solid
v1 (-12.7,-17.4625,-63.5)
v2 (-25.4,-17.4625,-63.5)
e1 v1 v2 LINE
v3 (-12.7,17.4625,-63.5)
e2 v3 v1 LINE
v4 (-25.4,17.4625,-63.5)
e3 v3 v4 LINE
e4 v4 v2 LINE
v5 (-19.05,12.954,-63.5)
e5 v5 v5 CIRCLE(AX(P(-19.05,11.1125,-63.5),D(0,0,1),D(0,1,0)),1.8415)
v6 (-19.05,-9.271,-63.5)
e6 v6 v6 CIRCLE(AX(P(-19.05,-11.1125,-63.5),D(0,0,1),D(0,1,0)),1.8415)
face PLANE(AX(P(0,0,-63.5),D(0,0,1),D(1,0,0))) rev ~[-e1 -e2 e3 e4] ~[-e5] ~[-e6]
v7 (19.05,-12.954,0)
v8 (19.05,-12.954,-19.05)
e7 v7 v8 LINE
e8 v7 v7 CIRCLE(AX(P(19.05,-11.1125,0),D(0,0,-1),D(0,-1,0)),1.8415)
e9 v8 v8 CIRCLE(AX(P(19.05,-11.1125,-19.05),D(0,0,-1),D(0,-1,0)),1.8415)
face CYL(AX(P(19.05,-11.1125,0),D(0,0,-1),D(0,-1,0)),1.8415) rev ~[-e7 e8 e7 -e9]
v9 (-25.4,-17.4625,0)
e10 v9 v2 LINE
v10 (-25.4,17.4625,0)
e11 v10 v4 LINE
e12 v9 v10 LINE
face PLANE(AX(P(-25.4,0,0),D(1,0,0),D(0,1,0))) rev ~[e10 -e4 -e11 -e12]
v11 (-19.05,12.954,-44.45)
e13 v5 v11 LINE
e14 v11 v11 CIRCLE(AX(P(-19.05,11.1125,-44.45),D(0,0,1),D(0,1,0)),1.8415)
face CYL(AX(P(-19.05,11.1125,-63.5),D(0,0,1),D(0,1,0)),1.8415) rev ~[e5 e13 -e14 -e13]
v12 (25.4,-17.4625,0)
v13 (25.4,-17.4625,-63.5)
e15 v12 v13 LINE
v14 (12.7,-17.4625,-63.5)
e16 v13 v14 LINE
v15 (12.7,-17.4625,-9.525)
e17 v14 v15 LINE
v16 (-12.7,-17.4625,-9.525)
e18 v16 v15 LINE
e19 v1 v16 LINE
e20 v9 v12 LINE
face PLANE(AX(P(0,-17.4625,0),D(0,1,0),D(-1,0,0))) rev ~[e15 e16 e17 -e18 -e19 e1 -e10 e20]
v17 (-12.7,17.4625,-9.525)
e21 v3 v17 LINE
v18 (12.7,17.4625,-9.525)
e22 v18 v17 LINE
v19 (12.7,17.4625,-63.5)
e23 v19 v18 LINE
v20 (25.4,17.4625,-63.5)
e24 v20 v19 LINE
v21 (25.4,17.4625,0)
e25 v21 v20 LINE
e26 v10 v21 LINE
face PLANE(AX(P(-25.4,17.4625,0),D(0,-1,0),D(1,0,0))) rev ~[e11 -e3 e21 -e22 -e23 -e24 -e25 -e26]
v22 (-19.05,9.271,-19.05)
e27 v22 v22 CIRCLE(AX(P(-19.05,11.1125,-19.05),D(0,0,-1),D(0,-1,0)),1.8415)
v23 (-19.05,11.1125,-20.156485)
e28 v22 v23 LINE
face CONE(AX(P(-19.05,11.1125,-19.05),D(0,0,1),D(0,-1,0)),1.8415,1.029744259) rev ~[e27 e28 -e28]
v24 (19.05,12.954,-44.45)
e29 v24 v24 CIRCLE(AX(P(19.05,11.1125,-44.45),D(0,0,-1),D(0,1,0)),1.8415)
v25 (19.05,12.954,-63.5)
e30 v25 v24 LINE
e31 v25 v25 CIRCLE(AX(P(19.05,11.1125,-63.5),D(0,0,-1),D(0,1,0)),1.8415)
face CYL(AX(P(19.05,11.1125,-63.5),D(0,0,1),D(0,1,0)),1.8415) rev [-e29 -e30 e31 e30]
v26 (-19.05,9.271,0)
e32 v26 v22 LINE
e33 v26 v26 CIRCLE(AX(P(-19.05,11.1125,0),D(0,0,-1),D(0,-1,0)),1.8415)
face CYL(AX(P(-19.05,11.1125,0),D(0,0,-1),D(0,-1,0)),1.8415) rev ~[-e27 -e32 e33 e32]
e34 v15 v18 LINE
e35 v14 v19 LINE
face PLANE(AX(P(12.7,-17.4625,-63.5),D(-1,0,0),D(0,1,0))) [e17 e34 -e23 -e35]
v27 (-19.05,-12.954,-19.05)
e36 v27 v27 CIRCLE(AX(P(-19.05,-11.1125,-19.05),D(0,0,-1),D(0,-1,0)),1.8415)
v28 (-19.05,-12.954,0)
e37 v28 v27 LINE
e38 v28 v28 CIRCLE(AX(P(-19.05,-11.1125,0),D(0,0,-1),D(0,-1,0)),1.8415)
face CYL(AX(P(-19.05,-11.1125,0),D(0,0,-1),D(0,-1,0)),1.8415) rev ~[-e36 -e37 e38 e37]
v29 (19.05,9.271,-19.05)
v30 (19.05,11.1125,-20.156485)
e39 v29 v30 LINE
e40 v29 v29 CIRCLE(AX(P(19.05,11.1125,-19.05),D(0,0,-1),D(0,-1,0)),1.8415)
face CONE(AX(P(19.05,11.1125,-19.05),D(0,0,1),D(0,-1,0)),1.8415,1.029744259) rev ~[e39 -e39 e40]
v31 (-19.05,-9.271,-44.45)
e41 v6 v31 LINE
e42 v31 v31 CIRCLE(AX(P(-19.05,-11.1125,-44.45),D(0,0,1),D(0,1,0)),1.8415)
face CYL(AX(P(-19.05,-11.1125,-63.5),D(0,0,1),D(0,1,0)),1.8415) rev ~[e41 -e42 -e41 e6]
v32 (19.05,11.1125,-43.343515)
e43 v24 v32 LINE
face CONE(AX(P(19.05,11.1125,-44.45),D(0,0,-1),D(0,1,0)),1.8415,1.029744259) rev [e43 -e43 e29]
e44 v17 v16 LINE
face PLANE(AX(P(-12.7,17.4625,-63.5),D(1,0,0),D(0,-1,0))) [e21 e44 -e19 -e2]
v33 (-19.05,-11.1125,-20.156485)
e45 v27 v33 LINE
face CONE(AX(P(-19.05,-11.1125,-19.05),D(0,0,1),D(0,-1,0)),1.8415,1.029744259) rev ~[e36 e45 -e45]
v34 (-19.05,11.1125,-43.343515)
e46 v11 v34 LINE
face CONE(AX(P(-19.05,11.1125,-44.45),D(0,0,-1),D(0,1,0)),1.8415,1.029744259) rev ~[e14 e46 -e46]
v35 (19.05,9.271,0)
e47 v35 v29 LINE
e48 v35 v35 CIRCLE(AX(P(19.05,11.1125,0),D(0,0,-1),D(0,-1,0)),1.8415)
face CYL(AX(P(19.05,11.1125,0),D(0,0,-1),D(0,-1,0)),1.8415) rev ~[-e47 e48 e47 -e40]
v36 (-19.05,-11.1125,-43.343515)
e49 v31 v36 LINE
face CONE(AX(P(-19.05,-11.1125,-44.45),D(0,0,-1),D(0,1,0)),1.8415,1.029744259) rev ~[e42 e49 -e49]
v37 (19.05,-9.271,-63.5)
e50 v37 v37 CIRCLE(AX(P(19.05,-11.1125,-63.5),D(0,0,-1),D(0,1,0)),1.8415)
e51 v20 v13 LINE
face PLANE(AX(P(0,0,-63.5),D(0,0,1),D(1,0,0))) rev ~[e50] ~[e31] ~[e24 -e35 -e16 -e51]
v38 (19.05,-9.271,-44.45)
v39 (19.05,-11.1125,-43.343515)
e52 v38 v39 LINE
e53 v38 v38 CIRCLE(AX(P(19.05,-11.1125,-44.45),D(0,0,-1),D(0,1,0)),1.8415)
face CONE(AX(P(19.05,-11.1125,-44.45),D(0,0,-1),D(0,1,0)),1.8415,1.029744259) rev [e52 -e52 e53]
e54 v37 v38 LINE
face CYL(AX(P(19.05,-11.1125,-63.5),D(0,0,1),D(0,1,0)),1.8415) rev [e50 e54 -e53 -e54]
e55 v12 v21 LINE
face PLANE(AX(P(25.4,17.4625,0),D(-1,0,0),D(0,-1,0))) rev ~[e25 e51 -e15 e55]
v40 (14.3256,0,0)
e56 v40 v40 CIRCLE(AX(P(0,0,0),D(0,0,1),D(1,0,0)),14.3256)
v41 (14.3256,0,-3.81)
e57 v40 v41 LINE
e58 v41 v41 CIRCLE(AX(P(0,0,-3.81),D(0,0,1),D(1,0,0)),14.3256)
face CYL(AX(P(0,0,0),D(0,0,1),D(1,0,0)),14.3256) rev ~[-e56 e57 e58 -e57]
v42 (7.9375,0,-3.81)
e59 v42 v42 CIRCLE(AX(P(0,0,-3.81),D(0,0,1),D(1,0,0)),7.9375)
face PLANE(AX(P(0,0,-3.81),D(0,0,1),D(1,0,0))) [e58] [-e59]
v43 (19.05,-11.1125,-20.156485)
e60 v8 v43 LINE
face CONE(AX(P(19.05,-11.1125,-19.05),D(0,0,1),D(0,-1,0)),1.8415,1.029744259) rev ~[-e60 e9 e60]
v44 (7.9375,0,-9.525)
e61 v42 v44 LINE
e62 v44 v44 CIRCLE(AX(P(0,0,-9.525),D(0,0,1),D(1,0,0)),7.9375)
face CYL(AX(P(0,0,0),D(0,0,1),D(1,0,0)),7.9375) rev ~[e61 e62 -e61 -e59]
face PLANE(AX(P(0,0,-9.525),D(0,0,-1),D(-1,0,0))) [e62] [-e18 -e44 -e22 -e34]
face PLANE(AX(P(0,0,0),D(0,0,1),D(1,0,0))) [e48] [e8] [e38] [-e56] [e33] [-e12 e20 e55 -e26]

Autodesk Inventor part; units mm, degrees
ref_plane "YZ Plane" through (0, 0, 0) normal (1, 0, 0) x (0, 1, 0)
ref_plane "XZ Plane" through (0, 0, 0) normal (0, 1, 0) x (-1, 0, 0)
ref_plane "XY Plane" through (0, 0, 0) normal (0, 0, 1) x (1, 0, 0)
sketch "Sketch1" plane through (0, 0, 0) normal (0, 0, 1) x (1, 0, 0)
  line L0 (-35.56, 0) -> (35.56, 0) projected
  line L1 (0, -24.4475) -> (0, 24.4475) projected
  circle A0 centre (0, 0) radius 14.2875 construction
  line L2 (-25.4, 17.4625) -> (25.4, 17.4625)
  line L3 (25.4, 17.4625) -> (25.4, -17.4625)
  line L4 (25.4, -17.4625) -> (-25.4, -17.4625)
  line L5 (-25.4, -17.4625) -> (-25.4, 17.4625)
  circle A1 centre (0, 0) radius 7.9375
  point P0 (0, 17.4625)
  point P1 (25.4, 0)
  dimension "d1" = 28.575
  dimension "d2" = 34.925
  dimension "d3" = 50.8
  dimension "d4" = 15.875
extrude "Extrusion1" add sketch "Sketch1" against normal blind 63.5 contours L5 L2 L1 A1 L0 | L0 A1 L1 L4 L5 | L1 L2 L3 L0 A1 | A1 L0 L3 L4 L1
sketch "Sketch2" plane through (0, 0, -63.5) normal (0, 0, -1) x (-1, 0, 0)
  circle A0 centre (0, 0) radius 7.9375 projected
  line L0 (-25.4, 17.4625) -> (25.4, 17.4625) projected
  line L1 (25.4, -17.4625) -> (-25.4, -17.4625) projected
  line L2 (-12.7, 17.4625) -> (12.7, 17.4625)
  line L3 (12.7, 17.4625) -> (12.7, -17.4625)
  line L4 (12.7, -17.4625) -> (-12.7, -17.4625)
  line L5 (-12.7, -17.4625) -> (-12.7, 17.4625)
  point P0 (0, 17.4625)
  point P1 (0, 17.4625)
  dimension "d7" = 25.4
extrude "Extrusion2" cut sketch "Sketch2" against normal blind 53.975
sketch "Sketch3" plane through (0, 0, 0) normal (0, 0, 1) x (1, 0, 0)
  circle A0 centre (0, 0) radius 7.9375 projected
  circle A1 centre (0, 0) radius 14.3256
  dimension "d10" = 28.6512
extrude "Extrusion3" cut sketch "Sketch3" against normal blind 3.81
sketch "Sketch5" plane through (0, 0, 0) normal (0, 0, 1) x (1, 0, 0)
  line L0 (-25.4, 17.4625) -> (25.4, 17.4625) projected
  line L1 (-25.4, -17.4625) -> (-25.4, 17.4625) projected
  line L2 (-35.56, 0) -> (35.56, 0) projected
  line L3 (0, -24.4475) -> (0, 24.4475) projected
  point P0 (-19.05, 11.1125)
  point P1 (19.05, 11.1125)
  point P2 (-19.05, -11.1125)
  point P3 (19.05, -11.1125)
  dimension "d13" = 6.35
  dimension "d14" = 6.35
hole "Hole1" at (-19.05, 11.1125, 0) at (19.05, 11.1125, 0) at (-19.05, -11.1125, 0) at (19.05, -11.1125, 0) direction (0, 0, -1) diameter 3.683 depth 19.05 tip angle 118 thread size "10-24 UNC" class "2B" standard "ANSI Unified Screw Threads"
sketch "Sketch6" plane through (0, 0, -63.5) normal (0, 0, -1) x (-1, 0, 0)
  line L0 (12.7, 17.4625) -> (25.4, 17.4625) projected
  line L1 (35.56, 0) -> (-35.56, 0) projected
  line L2 (0, -24.4475) -> (0, 24.4475) projected
  point P0 (0, 0)
  point P1 (19.05, 11.1125)
  point P2 (19.05, 17.4625)
  point P3 (19.05, -11.1125)
  dimension "d22" = 6.35
hole "Hole2" at (-19.05, 11.1125, -63.5) at (-19.05, -11.1125, -63.5) direction (0, 0, 1) diameter 3.683 depth 19.05 tip angle 118 thread size "10-24 UNC" class "2B" standard "ANSI Unified Screw Threads"
mirror "Mirror1" about plane through (0, 0, 0) normal (1, 0, 0) of "Hole2"
properties part number "mount pillow block inner"
